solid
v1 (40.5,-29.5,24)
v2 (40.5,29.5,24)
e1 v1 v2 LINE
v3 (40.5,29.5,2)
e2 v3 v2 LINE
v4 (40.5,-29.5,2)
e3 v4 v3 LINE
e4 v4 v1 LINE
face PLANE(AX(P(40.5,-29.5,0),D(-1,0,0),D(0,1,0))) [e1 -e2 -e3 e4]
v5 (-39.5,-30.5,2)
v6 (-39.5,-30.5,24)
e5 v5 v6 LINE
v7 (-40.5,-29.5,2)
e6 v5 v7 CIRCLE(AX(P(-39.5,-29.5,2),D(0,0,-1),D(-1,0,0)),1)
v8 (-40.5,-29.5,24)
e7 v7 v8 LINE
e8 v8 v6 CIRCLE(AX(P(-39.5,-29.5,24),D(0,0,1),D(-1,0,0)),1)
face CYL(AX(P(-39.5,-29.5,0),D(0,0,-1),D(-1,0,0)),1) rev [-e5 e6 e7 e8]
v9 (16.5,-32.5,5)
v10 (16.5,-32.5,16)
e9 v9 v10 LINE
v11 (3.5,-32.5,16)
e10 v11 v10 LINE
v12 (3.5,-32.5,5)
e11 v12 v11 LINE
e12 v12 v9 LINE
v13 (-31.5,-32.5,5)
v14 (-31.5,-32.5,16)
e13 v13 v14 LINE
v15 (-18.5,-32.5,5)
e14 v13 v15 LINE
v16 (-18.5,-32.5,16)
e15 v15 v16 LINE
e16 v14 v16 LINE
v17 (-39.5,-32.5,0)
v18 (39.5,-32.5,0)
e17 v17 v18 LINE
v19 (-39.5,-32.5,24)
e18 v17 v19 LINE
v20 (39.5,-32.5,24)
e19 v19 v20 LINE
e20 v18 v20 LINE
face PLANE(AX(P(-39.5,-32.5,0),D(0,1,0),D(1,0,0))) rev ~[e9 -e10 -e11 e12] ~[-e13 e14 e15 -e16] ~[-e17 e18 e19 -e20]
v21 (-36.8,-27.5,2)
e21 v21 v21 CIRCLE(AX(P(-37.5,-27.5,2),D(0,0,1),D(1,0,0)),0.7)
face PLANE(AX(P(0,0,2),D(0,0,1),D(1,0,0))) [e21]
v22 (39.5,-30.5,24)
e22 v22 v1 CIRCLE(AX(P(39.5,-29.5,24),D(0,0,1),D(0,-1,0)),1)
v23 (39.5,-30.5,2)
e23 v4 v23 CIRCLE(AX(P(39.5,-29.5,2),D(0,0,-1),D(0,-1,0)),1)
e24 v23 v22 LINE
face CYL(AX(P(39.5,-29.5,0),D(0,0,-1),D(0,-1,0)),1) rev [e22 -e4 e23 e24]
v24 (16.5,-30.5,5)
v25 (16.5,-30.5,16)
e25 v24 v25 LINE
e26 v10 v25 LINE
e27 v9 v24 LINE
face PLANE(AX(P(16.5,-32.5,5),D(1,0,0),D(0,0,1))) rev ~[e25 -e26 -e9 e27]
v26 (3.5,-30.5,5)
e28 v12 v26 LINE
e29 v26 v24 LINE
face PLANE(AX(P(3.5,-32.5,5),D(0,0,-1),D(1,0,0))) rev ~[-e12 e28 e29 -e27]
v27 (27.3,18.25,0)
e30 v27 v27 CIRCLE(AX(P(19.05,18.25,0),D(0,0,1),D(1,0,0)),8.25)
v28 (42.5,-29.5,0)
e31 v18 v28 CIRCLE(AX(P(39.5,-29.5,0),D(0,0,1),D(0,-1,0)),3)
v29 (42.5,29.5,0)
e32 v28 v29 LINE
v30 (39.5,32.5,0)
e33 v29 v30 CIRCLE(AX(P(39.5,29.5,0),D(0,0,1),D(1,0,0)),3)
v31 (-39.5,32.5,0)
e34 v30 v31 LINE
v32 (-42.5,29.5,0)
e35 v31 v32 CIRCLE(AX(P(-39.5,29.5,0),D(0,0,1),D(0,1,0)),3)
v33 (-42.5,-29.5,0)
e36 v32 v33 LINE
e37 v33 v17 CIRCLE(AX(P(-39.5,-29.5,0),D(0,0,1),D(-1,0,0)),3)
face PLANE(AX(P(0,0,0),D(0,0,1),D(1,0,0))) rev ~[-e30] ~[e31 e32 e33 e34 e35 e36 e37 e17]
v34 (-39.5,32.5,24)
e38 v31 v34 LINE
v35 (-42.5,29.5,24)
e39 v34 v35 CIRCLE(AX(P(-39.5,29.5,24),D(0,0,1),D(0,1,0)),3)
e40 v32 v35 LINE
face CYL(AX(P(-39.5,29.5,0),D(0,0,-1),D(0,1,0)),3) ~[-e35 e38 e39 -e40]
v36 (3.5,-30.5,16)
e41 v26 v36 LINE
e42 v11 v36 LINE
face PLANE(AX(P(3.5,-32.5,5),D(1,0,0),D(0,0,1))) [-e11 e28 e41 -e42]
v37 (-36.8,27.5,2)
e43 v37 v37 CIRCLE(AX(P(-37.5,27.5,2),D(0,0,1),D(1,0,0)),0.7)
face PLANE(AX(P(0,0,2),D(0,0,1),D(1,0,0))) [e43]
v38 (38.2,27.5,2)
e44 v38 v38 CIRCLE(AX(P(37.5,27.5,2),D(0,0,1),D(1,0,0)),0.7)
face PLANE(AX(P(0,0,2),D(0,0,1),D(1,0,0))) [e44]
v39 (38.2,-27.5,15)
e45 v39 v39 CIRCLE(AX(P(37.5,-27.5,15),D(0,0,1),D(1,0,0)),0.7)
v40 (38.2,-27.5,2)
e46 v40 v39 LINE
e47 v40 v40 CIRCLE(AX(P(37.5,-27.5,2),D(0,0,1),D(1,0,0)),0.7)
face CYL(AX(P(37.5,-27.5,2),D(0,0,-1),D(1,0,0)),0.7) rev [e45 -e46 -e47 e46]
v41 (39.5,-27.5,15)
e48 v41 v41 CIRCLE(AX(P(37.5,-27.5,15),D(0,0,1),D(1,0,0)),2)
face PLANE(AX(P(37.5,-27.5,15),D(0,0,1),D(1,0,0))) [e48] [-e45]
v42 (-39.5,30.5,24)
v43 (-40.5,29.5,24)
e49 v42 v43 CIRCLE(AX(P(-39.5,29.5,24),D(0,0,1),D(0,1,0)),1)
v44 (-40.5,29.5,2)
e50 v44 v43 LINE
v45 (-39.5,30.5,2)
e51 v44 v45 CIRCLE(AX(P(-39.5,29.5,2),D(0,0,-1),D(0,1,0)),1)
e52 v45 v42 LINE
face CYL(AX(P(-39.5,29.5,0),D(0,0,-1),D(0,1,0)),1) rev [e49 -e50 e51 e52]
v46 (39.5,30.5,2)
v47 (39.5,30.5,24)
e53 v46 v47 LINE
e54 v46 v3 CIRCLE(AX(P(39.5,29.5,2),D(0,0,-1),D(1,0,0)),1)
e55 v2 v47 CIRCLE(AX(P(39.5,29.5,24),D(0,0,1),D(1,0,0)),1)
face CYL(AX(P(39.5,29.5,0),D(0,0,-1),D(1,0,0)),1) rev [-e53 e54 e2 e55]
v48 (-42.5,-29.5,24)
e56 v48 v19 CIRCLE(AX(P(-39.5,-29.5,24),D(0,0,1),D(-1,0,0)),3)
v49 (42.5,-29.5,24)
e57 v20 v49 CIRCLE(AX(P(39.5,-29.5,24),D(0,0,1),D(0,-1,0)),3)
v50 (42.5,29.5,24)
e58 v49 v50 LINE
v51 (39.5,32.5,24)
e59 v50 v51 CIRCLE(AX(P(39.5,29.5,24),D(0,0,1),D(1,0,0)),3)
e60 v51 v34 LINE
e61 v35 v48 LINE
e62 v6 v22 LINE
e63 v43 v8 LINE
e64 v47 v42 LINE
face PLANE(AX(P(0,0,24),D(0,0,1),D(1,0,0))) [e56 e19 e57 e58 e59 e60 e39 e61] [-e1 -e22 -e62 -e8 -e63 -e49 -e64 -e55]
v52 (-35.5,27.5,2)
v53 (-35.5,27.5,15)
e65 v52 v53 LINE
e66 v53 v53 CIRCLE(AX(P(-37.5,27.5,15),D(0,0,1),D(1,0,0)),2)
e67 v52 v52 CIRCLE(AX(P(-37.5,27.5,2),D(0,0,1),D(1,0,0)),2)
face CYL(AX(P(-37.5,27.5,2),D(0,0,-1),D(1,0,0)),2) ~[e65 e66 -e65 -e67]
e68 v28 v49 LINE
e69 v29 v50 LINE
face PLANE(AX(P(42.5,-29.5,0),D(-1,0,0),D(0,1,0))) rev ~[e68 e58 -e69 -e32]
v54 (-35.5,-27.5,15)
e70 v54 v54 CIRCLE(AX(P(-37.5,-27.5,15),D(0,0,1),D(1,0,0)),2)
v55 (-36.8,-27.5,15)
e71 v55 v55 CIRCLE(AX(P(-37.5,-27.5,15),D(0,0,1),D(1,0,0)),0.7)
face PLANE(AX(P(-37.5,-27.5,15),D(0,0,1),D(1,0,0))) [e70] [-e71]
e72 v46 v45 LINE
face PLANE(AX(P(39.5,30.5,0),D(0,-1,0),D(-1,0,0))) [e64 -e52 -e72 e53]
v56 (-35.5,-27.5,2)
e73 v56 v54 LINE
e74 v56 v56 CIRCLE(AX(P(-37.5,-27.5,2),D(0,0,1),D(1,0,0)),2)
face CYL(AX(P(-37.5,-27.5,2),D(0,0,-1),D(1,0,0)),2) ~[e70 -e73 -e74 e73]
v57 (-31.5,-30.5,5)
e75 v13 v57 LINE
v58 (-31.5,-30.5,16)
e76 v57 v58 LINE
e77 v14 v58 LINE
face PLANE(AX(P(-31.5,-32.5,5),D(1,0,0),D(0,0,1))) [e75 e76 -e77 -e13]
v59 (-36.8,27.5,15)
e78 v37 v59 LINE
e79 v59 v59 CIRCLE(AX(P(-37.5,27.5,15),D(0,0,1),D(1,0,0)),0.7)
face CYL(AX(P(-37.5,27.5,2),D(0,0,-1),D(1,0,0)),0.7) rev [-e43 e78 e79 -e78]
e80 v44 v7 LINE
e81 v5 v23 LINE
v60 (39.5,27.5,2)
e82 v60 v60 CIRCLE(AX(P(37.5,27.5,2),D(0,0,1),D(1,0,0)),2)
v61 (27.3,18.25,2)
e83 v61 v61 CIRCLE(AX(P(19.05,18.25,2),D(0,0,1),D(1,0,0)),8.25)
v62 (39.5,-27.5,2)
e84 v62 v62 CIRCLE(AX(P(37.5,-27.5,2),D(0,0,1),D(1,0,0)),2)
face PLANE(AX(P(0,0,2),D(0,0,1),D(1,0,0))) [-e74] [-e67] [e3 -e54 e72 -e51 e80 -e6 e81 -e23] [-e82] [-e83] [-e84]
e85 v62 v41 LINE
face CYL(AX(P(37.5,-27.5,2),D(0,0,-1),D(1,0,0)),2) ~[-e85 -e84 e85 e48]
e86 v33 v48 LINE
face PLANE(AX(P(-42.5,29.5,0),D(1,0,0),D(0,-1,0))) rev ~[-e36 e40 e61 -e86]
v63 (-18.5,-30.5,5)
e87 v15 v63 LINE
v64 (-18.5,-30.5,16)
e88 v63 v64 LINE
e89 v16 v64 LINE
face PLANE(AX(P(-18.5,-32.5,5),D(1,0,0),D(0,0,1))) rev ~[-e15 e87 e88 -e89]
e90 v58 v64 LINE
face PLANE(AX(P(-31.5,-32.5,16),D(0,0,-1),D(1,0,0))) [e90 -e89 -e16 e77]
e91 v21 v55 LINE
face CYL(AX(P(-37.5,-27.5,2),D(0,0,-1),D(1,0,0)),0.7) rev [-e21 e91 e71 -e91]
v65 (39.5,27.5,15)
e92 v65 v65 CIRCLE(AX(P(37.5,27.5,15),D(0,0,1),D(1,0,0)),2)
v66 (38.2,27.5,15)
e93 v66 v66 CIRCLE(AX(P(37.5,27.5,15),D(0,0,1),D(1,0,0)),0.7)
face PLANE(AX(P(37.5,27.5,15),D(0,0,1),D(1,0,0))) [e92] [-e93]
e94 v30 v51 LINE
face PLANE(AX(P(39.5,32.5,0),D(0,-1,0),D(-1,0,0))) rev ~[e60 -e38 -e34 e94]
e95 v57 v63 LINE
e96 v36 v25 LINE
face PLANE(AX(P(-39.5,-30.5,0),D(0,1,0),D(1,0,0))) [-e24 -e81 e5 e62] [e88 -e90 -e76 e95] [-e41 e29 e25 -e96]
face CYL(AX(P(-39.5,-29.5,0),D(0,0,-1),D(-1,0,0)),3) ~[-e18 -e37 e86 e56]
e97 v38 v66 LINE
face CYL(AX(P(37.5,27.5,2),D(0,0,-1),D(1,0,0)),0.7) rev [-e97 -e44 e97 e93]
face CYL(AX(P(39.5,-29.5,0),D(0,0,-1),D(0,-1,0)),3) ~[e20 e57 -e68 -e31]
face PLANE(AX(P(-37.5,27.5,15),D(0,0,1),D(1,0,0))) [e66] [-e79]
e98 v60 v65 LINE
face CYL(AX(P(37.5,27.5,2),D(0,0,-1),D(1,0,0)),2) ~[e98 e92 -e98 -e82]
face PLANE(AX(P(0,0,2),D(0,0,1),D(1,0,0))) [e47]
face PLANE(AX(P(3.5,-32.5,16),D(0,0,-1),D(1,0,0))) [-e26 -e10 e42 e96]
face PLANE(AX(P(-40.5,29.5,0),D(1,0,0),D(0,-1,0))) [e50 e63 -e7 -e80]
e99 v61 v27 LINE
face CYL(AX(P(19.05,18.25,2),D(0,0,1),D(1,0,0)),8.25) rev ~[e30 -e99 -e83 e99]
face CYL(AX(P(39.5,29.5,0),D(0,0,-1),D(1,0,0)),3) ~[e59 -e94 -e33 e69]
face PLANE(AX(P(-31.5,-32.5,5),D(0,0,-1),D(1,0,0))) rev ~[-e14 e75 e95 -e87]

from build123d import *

# Parameters (mm, degrees)
F1_DEPTH = 24
F2_T     = -2
F3_R     = 8.25
F4_DEPTH = 2
F5_R     = 2
F5_R_2   = 0.7
F6_DEPTH = 13
F7_W     = 13
F7_H     = 11
F8_DEPTH = 2


with BuildPart() as f1:
    # F0 (on Top) → F1 (new body)
    with BuildSketch(Plane.XY):
        with BuildLine():
            ThreePointArc((42.5, 29.5), (41.6213203436, 31.6213203436), (39.5, 32.5))
            Line((39.5, 32.5), (-39.5, 32.5))
            ThreePointArc((-39.5, 32.5), (-41.6213203436, 31.6213203436), (-42.5, 29.5))
            Line((-42.5, 29.5), (-42.5, -29.5))
            ThreePointArc((-42.5, -29.5), (-41.6213203436, -31.6213203436), (-39.5, -32.5))
            Line((-39.5, -32.5), (39.5, -32.5))
            ThreePointArc((39.5, -32.5), (41.6213203436, -31.6213203436), (42.5, -29.5))
            Line((42.5, -29.5), (42.5, 29.5))
        make_face()
    extrude(amount=F1_DEPTH)

    # F2
    f2_openings = [f1.faces().sort_by_distance(p)[0] for p in [
        (0, 0, 24),
    ]]
    offset(amount=F2_T, openings=f2_openings)

    # F3 (on face) → F4 (cut, through all)
    with BuildSketch(Plane.XY.offset(2)):
        with Locations((19.05, 18.25)):
            Circle(F3_R)
    extrude(amount=-F4_DEPTH, mode=Mode.SUBTRACT)

    # F5 (on face) → F6 (join)
    with BuildSketch(Plane.XY.offset(2)):
        with Locations((-37.5, 27.5)):
            Circle(F5_R)
        with Locations((-37.5, 27.5)):
            Circle(F5_R_2, mode=Mode.SUBTRACT)
        with Locations((37.5, 27.5)):
            Circle(F5_R)
        with Locations((37.5, 27.5)):
            Circle(F5_R_2, mode=Mode.SUBTRACT)
        with Locations((37.5, -27.5)):
            Circle(F5_R)
        with Locations((37.5, -27.5)):
            Circle(F5_R_2, mode=Mode.SUBTRACT)
        with Locations((-37.5, -27.5)):
            Circle(F5_R)
        with Locations((-37.5, -27.5)):
            Circle(F5_R_2, mode=Mode.SUBTRACT)
    extrude(amount=F6_DEPTH)

    # F7 (on face) → F8 (cut, through all)
    with BuildSketch(Plane.XZ.offset(32.5)):
        with Locations((10, 10.5)):
            Rectangle(F7_W, F7_H)
        with Locations((-25, 10.5)):
            Rectangle(F7_W, F7_H)
    extrude(amount=-F8_DEPTH, mode=Mode.SUBTRACT)


solid = f1.part
